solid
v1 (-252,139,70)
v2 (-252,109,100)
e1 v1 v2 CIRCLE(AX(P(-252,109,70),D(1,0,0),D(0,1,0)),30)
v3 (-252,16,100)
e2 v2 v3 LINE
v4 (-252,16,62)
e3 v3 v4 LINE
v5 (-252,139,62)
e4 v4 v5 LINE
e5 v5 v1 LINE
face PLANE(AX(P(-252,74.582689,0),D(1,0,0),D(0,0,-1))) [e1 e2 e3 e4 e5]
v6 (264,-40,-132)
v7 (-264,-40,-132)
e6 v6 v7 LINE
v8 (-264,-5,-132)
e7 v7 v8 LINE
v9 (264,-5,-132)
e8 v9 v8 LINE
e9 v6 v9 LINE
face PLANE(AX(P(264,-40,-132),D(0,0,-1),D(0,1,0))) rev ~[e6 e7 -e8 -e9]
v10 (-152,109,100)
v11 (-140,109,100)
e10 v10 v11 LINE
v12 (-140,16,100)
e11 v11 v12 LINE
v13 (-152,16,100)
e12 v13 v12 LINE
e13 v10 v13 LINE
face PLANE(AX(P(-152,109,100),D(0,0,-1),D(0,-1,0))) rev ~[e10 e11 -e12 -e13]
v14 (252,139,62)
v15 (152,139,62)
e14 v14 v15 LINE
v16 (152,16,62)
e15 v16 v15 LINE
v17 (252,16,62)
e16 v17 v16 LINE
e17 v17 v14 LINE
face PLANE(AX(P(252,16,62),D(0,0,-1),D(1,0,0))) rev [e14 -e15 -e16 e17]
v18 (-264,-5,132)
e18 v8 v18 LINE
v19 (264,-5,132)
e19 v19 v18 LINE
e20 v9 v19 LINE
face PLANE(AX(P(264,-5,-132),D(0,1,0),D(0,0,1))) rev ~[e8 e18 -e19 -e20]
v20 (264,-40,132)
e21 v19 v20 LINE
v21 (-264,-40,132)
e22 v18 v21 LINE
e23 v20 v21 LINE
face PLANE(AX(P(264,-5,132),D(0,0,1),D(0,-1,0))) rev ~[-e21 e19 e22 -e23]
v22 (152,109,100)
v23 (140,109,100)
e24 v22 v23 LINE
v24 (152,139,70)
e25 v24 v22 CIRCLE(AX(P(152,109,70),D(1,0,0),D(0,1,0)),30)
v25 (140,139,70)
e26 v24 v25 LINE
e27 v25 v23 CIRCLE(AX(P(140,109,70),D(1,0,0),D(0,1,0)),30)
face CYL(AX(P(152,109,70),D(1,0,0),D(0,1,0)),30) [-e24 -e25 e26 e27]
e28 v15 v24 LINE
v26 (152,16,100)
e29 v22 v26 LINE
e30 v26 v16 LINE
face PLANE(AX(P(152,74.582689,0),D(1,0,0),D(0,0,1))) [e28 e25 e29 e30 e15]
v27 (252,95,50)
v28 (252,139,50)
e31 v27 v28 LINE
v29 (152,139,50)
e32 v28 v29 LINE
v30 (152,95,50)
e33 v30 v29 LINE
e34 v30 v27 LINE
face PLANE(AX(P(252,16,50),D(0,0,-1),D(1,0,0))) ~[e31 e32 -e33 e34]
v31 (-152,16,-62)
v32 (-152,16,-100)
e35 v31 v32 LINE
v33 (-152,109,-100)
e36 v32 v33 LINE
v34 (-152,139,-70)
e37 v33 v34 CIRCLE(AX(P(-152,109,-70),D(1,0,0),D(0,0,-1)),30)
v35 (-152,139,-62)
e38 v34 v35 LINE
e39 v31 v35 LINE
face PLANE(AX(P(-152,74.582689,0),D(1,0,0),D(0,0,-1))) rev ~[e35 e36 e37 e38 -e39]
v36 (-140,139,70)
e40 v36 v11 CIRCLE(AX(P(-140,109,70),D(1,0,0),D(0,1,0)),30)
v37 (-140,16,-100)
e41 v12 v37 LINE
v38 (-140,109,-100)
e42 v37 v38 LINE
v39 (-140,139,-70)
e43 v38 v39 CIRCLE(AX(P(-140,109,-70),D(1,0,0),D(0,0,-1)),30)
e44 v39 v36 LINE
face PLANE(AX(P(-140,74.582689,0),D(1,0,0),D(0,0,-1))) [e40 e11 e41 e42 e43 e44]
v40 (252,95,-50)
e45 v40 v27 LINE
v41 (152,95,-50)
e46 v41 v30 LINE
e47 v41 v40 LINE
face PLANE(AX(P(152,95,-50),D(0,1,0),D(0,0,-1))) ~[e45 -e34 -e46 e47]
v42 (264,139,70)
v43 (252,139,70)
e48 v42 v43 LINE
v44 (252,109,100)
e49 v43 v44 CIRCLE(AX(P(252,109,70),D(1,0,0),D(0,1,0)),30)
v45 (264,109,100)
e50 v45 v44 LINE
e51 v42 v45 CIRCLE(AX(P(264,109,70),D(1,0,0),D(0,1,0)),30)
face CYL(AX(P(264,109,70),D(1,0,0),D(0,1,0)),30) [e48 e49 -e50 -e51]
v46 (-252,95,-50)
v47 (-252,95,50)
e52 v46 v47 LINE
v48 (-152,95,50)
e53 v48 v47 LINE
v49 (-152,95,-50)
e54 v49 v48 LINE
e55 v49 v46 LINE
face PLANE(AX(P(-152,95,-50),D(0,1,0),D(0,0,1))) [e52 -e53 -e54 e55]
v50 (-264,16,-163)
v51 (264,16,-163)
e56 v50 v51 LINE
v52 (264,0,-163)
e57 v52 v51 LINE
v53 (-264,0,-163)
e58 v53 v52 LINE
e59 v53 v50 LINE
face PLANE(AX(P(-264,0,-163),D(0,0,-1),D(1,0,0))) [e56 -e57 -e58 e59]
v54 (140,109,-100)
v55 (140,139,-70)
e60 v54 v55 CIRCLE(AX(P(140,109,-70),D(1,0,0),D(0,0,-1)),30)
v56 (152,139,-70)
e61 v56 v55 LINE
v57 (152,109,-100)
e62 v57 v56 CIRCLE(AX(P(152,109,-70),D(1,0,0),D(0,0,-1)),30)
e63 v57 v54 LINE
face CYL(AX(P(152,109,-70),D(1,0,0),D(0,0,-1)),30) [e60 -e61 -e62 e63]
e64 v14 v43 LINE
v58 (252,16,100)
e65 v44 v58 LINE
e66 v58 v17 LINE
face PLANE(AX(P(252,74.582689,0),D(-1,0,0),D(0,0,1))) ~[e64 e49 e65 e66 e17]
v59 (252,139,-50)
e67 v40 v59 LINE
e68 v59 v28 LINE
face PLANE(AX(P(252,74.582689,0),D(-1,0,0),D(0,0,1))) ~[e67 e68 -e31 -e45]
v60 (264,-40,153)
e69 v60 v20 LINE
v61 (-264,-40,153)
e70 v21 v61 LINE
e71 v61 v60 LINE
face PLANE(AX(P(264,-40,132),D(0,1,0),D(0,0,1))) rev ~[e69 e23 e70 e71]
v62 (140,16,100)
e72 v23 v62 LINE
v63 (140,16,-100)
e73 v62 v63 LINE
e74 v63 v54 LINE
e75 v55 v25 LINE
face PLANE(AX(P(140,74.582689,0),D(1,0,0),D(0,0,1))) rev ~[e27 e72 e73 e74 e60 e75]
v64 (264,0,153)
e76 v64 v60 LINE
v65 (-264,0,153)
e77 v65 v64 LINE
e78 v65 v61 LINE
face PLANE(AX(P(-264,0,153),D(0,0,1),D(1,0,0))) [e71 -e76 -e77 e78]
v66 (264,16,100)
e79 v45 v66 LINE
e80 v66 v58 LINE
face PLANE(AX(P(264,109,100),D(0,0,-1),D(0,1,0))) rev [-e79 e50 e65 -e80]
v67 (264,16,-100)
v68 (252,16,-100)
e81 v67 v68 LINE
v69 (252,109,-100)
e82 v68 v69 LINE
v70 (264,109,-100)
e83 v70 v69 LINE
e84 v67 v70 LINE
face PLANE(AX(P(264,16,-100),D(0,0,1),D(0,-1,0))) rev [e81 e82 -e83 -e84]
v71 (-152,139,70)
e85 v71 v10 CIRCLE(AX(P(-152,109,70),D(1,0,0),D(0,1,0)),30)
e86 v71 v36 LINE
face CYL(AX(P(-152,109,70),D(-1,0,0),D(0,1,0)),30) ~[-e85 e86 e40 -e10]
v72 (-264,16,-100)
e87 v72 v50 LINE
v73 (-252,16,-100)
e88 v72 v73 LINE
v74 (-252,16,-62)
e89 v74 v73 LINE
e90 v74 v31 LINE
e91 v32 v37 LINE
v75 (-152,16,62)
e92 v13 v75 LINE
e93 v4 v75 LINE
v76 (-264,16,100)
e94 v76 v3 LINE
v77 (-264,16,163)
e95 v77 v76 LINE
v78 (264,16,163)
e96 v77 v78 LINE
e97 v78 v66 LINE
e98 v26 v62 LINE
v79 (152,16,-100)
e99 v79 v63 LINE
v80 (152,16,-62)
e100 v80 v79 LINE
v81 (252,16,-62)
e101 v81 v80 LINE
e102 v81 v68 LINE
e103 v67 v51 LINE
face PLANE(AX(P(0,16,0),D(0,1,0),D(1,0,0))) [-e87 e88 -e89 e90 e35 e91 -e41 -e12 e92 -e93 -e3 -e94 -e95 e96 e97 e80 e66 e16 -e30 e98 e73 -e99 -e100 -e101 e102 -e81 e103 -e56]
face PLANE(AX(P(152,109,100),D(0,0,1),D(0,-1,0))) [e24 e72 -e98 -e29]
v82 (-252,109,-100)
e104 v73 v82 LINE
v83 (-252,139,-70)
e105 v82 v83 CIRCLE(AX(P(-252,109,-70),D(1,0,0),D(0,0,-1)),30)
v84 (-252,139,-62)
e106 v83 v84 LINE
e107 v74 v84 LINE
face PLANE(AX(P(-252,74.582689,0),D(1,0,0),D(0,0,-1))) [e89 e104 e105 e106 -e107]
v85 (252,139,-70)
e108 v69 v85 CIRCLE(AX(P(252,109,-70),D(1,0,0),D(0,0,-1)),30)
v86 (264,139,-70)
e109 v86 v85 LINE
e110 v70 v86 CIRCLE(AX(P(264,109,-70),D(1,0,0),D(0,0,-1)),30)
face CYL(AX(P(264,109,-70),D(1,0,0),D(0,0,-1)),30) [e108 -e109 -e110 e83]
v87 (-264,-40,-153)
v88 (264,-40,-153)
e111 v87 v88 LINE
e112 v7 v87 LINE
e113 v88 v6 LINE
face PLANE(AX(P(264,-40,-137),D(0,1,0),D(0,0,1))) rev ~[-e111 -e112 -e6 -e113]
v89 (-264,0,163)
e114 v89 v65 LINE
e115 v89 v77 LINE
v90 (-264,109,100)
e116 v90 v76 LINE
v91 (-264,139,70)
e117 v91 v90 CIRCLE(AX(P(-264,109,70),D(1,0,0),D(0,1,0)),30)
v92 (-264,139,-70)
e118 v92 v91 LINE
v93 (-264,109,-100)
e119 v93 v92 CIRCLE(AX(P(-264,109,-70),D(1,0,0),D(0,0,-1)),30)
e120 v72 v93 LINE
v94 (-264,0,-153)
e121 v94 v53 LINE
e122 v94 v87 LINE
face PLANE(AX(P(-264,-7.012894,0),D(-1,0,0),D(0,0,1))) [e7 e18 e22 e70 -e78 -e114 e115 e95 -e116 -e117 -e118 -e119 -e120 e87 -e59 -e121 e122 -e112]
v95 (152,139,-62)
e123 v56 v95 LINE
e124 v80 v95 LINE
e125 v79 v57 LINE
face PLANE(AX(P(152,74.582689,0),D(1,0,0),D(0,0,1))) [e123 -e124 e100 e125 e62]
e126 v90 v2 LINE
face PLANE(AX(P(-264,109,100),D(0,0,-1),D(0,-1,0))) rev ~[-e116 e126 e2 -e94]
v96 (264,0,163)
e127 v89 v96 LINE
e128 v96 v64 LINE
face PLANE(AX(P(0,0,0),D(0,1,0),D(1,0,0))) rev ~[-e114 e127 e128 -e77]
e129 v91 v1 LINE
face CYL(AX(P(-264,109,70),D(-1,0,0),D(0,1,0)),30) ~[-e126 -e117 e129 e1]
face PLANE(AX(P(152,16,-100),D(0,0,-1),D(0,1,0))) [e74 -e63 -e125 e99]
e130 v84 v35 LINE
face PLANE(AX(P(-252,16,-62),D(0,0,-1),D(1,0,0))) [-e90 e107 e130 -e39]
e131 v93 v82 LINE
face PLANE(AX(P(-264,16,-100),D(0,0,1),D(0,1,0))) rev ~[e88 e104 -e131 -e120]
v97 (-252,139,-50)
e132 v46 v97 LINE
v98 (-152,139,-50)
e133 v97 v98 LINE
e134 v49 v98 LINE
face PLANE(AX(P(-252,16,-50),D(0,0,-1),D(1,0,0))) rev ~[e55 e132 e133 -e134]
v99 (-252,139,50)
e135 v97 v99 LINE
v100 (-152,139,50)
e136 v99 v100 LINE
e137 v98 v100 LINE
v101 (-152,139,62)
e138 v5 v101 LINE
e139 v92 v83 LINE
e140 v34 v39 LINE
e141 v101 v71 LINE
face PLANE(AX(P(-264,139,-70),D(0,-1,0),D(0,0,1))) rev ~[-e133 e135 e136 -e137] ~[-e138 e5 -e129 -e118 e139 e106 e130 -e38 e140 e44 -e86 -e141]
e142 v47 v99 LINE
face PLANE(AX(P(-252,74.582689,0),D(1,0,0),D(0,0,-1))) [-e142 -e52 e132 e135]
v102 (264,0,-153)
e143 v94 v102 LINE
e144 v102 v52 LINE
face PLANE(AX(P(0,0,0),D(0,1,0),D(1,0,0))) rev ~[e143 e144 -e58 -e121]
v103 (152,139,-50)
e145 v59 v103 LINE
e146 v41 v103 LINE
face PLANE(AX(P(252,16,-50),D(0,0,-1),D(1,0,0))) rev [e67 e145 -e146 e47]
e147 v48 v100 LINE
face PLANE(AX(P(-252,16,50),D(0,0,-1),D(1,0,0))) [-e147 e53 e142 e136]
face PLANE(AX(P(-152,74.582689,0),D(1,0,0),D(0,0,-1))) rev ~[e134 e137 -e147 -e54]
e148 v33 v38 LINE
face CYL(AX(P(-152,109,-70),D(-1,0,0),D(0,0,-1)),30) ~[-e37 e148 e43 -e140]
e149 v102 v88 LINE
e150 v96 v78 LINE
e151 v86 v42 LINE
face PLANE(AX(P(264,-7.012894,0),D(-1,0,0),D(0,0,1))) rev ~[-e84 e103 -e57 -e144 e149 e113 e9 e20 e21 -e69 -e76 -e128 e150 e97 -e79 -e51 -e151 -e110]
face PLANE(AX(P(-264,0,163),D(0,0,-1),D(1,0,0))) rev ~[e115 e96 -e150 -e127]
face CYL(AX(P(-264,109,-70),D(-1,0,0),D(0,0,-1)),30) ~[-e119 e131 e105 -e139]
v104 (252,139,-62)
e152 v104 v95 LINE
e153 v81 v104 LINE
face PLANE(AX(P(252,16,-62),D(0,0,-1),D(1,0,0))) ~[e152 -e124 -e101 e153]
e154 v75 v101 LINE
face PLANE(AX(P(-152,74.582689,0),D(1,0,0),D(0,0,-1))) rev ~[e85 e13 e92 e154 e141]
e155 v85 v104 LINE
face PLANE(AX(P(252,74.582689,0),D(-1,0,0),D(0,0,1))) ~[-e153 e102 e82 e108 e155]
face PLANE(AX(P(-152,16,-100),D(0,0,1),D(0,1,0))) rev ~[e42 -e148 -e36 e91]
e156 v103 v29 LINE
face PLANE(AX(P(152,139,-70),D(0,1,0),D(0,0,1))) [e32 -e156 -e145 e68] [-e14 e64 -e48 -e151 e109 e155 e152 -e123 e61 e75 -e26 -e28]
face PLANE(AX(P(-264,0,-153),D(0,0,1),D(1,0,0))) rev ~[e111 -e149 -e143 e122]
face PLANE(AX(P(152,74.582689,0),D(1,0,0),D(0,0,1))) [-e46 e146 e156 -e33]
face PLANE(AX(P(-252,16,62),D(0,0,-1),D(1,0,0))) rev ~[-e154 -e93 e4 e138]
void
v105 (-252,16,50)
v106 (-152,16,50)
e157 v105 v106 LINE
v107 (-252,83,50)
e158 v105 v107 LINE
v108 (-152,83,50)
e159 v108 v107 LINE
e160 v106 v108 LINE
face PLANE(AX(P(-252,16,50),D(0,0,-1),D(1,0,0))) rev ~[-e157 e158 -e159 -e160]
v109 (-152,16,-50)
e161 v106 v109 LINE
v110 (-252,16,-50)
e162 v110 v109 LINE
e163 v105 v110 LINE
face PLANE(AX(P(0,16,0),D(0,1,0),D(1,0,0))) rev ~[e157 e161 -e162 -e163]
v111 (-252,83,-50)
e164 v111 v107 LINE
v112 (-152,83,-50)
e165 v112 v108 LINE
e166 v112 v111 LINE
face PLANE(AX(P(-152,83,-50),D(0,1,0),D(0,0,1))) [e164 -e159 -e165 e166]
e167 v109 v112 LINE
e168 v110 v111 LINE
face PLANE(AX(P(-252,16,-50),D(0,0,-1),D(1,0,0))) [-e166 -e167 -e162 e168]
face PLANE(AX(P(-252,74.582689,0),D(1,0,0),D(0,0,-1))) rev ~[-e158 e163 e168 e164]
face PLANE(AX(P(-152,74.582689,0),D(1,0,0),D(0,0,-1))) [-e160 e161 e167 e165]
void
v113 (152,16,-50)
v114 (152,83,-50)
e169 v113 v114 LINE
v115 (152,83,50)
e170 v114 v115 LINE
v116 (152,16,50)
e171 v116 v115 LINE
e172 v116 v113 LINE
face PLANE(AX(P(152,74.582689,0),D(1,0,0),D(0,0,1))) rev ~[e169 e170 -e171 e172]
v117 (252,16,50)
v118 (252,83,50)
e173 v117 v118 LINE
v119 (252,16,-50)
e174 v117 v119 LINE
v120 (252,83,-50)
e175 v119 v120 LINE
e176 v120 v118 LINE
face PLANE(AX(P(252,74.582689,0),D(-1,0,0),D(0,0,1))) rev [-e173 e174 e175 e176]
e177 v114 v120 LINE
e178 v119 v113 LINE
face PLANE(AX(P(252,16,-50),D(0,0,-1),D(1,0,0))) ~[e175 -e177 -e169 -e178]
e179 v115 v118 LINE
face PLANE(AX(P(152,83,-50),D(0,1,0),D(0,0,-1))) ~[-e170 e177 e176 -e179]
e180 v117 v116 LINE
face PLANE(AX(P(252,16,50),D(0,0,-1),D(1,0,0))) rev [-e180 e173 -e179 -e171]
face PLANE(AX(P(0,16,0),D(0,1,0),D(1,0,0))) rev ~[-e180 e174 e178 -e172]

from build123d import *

# Parameters (mm, degrees)
SKETCH_1_W             = 528
SKETCH_1_H             = 326
EXTRUDE_1_DEPTH        = 16
SKETCH_2_W             = 528
SKETCH_2_H             = 16
EXTRUDE_2_DEPTH        = 40
EXTRUDE_3_DEPTH        = 528
EXTRUDE_4_DEPTH        = 12
PATTERN_LINEAR_1_COUNT = 2
PATTERN_LINEAR_1_PITCH = 112
SKETCH_5_W             = 100
SKETCH_5_H             = 12
EXTRUDE_5_DEPTH        = 123
SKETCH_6_W             = 100
SKETCH_6_H             = 12
EXTRUDE_6_DEPTH        = 100
MIRROR_2_COPY_1_DEPTH  = 12


with BuildPart() as part:
    # 草图1 → 凸台-拉伸1 (new body)
    with BuildSketch(Plane(origin=(0, 0, 0), x_dir=(1, 0, 0), z_dir=(0, 1, 0))):
        Rectangle(SKETCH_1_W, SKETCH_1_H)
    extrude(amount=EXTRUDE_1_DEPTH)

    # 草图2 → 凸台-拉伸2 (add)
    with BuildSketch(Plane.XZ):
        with Locations((0, 145)):
            Rectangle(SKETCH_2_W, SKETCH_2_H)
        with Locations((0, -145)):
            Rectangle(SKETCH_2_W, SKETCH_2_H)
    extrude(amount=EXTRUDE_2_DEPTH)

    # 草图3 → 凸台-拉伸3 (add)
    with BuildSketch(Plane(origin=(264, 0, 0), x_dir=(0, 0, -1), z_dir=(1, 0, 0))):
        Polygon((-137, -40), (-137, 0), (137, 0), (137, -40), (132, -40), (132, -5), (-132, -5), (-132, -40), align=None)
    extrude(amount=-EXTRUDE_3_DEPTH)

    # 草图4 → 凸台-拉伸4 (add)
    with BuildSketch(Plane.ZY.offset(264)):
        with BuildLine():
            Line((-70, 139), (70, 139))
            ThreePointArc((70, 139), (91.213203436, 130.213203436), (100, 109))
            Line((100, 109), (100, 16))
            Line((100, 16), (-100, 16))
            Line((-100, 16), (-100, 109))
            ThreePointArc((-100, 109), (-91.213203436, 130.213203436), (-70, 139))
        make_face()
    extrude_4 = extrude(amount=-EXTRUDE_4_DEPTH)

    # 阵列(线性)1: 凸台-拉伸4 ×2
    with Locations(*[(i * PATTERN_LINEAR_1_PITCH, 0, 0) for i in range(1, PATTERN_LINEAR_1_COUNT)]):
        add(extrude_4)

    # 草图5 → 凸台-拉伸5 (add)
    with BuildSketch(Plane(origin=(0, 16, 0), x_dir=(1, 0, 0), z_dir=(0, 1, 0))):
        with Locations((-202, 56)):
            Rectangle(SKETCH_5_W, SKETCH_5_H)
        with Locations((-202, -56)):
            Rectangle(SKETCH_5_W, SKETCH_5_H)
    extrude_5 = extrude(amount=EXTRUDE_5_DEPTH)

    # 草图6 → 凸台-拉伸6 (add)
    with BuildSketch(Plane.ZY.offset(152)):
        with Locations((0, 89)):
            Rectangle(SKETCH_6_W, SKETCH_6_H)
    extrude_6 = extrude(amount=EXTRUDE_6_DEPTH)

    # 镜向2: 凸台-拉伸4, 凸台-拉伸5, 凸台-拉伸6 across plane
    add(extrude_4.mirror(Plane(origin=(0, 0, 0), x_dir=(0, 0, 1), z_dir=(1, 0, 0))))
    add(extrude_5.mirror(Plane(origin=(0, 0, 0), x_dir=(0, 0, 1), z_dir=(1, 0, 0))))
    add(extrude_6.mirror(Plane(origin=(0, 0, 0), x_dir=(0, 0, 1), z_dir=(1, 0, 0))))

    # 镜向2 copy 1 sketch → 镜向2 copy 1 (add)
    with BuildSketch(Plane(origin=(152, 0, 0), x_dir=(0, 0, 1), z_dir=(1, 0, 0))):
        with BuildLine():
            Line((-70, -139), (70, -139))
            ThreePointArc((70, -139), (91.213203436, -130.213203436), (100, -109))
            Line((100, -109), (100, -16))
            Line((100, -16), (-100, -16))
            Line((-100, -16), (-100, -109))
            ThreePointArc((-100, -109), (-91.213203436, -130.213203436), (-70, -139))
        make_face()
    extrude(amount=-MIRROR_2_COPY_1_DEPTH)


solid = part.part
